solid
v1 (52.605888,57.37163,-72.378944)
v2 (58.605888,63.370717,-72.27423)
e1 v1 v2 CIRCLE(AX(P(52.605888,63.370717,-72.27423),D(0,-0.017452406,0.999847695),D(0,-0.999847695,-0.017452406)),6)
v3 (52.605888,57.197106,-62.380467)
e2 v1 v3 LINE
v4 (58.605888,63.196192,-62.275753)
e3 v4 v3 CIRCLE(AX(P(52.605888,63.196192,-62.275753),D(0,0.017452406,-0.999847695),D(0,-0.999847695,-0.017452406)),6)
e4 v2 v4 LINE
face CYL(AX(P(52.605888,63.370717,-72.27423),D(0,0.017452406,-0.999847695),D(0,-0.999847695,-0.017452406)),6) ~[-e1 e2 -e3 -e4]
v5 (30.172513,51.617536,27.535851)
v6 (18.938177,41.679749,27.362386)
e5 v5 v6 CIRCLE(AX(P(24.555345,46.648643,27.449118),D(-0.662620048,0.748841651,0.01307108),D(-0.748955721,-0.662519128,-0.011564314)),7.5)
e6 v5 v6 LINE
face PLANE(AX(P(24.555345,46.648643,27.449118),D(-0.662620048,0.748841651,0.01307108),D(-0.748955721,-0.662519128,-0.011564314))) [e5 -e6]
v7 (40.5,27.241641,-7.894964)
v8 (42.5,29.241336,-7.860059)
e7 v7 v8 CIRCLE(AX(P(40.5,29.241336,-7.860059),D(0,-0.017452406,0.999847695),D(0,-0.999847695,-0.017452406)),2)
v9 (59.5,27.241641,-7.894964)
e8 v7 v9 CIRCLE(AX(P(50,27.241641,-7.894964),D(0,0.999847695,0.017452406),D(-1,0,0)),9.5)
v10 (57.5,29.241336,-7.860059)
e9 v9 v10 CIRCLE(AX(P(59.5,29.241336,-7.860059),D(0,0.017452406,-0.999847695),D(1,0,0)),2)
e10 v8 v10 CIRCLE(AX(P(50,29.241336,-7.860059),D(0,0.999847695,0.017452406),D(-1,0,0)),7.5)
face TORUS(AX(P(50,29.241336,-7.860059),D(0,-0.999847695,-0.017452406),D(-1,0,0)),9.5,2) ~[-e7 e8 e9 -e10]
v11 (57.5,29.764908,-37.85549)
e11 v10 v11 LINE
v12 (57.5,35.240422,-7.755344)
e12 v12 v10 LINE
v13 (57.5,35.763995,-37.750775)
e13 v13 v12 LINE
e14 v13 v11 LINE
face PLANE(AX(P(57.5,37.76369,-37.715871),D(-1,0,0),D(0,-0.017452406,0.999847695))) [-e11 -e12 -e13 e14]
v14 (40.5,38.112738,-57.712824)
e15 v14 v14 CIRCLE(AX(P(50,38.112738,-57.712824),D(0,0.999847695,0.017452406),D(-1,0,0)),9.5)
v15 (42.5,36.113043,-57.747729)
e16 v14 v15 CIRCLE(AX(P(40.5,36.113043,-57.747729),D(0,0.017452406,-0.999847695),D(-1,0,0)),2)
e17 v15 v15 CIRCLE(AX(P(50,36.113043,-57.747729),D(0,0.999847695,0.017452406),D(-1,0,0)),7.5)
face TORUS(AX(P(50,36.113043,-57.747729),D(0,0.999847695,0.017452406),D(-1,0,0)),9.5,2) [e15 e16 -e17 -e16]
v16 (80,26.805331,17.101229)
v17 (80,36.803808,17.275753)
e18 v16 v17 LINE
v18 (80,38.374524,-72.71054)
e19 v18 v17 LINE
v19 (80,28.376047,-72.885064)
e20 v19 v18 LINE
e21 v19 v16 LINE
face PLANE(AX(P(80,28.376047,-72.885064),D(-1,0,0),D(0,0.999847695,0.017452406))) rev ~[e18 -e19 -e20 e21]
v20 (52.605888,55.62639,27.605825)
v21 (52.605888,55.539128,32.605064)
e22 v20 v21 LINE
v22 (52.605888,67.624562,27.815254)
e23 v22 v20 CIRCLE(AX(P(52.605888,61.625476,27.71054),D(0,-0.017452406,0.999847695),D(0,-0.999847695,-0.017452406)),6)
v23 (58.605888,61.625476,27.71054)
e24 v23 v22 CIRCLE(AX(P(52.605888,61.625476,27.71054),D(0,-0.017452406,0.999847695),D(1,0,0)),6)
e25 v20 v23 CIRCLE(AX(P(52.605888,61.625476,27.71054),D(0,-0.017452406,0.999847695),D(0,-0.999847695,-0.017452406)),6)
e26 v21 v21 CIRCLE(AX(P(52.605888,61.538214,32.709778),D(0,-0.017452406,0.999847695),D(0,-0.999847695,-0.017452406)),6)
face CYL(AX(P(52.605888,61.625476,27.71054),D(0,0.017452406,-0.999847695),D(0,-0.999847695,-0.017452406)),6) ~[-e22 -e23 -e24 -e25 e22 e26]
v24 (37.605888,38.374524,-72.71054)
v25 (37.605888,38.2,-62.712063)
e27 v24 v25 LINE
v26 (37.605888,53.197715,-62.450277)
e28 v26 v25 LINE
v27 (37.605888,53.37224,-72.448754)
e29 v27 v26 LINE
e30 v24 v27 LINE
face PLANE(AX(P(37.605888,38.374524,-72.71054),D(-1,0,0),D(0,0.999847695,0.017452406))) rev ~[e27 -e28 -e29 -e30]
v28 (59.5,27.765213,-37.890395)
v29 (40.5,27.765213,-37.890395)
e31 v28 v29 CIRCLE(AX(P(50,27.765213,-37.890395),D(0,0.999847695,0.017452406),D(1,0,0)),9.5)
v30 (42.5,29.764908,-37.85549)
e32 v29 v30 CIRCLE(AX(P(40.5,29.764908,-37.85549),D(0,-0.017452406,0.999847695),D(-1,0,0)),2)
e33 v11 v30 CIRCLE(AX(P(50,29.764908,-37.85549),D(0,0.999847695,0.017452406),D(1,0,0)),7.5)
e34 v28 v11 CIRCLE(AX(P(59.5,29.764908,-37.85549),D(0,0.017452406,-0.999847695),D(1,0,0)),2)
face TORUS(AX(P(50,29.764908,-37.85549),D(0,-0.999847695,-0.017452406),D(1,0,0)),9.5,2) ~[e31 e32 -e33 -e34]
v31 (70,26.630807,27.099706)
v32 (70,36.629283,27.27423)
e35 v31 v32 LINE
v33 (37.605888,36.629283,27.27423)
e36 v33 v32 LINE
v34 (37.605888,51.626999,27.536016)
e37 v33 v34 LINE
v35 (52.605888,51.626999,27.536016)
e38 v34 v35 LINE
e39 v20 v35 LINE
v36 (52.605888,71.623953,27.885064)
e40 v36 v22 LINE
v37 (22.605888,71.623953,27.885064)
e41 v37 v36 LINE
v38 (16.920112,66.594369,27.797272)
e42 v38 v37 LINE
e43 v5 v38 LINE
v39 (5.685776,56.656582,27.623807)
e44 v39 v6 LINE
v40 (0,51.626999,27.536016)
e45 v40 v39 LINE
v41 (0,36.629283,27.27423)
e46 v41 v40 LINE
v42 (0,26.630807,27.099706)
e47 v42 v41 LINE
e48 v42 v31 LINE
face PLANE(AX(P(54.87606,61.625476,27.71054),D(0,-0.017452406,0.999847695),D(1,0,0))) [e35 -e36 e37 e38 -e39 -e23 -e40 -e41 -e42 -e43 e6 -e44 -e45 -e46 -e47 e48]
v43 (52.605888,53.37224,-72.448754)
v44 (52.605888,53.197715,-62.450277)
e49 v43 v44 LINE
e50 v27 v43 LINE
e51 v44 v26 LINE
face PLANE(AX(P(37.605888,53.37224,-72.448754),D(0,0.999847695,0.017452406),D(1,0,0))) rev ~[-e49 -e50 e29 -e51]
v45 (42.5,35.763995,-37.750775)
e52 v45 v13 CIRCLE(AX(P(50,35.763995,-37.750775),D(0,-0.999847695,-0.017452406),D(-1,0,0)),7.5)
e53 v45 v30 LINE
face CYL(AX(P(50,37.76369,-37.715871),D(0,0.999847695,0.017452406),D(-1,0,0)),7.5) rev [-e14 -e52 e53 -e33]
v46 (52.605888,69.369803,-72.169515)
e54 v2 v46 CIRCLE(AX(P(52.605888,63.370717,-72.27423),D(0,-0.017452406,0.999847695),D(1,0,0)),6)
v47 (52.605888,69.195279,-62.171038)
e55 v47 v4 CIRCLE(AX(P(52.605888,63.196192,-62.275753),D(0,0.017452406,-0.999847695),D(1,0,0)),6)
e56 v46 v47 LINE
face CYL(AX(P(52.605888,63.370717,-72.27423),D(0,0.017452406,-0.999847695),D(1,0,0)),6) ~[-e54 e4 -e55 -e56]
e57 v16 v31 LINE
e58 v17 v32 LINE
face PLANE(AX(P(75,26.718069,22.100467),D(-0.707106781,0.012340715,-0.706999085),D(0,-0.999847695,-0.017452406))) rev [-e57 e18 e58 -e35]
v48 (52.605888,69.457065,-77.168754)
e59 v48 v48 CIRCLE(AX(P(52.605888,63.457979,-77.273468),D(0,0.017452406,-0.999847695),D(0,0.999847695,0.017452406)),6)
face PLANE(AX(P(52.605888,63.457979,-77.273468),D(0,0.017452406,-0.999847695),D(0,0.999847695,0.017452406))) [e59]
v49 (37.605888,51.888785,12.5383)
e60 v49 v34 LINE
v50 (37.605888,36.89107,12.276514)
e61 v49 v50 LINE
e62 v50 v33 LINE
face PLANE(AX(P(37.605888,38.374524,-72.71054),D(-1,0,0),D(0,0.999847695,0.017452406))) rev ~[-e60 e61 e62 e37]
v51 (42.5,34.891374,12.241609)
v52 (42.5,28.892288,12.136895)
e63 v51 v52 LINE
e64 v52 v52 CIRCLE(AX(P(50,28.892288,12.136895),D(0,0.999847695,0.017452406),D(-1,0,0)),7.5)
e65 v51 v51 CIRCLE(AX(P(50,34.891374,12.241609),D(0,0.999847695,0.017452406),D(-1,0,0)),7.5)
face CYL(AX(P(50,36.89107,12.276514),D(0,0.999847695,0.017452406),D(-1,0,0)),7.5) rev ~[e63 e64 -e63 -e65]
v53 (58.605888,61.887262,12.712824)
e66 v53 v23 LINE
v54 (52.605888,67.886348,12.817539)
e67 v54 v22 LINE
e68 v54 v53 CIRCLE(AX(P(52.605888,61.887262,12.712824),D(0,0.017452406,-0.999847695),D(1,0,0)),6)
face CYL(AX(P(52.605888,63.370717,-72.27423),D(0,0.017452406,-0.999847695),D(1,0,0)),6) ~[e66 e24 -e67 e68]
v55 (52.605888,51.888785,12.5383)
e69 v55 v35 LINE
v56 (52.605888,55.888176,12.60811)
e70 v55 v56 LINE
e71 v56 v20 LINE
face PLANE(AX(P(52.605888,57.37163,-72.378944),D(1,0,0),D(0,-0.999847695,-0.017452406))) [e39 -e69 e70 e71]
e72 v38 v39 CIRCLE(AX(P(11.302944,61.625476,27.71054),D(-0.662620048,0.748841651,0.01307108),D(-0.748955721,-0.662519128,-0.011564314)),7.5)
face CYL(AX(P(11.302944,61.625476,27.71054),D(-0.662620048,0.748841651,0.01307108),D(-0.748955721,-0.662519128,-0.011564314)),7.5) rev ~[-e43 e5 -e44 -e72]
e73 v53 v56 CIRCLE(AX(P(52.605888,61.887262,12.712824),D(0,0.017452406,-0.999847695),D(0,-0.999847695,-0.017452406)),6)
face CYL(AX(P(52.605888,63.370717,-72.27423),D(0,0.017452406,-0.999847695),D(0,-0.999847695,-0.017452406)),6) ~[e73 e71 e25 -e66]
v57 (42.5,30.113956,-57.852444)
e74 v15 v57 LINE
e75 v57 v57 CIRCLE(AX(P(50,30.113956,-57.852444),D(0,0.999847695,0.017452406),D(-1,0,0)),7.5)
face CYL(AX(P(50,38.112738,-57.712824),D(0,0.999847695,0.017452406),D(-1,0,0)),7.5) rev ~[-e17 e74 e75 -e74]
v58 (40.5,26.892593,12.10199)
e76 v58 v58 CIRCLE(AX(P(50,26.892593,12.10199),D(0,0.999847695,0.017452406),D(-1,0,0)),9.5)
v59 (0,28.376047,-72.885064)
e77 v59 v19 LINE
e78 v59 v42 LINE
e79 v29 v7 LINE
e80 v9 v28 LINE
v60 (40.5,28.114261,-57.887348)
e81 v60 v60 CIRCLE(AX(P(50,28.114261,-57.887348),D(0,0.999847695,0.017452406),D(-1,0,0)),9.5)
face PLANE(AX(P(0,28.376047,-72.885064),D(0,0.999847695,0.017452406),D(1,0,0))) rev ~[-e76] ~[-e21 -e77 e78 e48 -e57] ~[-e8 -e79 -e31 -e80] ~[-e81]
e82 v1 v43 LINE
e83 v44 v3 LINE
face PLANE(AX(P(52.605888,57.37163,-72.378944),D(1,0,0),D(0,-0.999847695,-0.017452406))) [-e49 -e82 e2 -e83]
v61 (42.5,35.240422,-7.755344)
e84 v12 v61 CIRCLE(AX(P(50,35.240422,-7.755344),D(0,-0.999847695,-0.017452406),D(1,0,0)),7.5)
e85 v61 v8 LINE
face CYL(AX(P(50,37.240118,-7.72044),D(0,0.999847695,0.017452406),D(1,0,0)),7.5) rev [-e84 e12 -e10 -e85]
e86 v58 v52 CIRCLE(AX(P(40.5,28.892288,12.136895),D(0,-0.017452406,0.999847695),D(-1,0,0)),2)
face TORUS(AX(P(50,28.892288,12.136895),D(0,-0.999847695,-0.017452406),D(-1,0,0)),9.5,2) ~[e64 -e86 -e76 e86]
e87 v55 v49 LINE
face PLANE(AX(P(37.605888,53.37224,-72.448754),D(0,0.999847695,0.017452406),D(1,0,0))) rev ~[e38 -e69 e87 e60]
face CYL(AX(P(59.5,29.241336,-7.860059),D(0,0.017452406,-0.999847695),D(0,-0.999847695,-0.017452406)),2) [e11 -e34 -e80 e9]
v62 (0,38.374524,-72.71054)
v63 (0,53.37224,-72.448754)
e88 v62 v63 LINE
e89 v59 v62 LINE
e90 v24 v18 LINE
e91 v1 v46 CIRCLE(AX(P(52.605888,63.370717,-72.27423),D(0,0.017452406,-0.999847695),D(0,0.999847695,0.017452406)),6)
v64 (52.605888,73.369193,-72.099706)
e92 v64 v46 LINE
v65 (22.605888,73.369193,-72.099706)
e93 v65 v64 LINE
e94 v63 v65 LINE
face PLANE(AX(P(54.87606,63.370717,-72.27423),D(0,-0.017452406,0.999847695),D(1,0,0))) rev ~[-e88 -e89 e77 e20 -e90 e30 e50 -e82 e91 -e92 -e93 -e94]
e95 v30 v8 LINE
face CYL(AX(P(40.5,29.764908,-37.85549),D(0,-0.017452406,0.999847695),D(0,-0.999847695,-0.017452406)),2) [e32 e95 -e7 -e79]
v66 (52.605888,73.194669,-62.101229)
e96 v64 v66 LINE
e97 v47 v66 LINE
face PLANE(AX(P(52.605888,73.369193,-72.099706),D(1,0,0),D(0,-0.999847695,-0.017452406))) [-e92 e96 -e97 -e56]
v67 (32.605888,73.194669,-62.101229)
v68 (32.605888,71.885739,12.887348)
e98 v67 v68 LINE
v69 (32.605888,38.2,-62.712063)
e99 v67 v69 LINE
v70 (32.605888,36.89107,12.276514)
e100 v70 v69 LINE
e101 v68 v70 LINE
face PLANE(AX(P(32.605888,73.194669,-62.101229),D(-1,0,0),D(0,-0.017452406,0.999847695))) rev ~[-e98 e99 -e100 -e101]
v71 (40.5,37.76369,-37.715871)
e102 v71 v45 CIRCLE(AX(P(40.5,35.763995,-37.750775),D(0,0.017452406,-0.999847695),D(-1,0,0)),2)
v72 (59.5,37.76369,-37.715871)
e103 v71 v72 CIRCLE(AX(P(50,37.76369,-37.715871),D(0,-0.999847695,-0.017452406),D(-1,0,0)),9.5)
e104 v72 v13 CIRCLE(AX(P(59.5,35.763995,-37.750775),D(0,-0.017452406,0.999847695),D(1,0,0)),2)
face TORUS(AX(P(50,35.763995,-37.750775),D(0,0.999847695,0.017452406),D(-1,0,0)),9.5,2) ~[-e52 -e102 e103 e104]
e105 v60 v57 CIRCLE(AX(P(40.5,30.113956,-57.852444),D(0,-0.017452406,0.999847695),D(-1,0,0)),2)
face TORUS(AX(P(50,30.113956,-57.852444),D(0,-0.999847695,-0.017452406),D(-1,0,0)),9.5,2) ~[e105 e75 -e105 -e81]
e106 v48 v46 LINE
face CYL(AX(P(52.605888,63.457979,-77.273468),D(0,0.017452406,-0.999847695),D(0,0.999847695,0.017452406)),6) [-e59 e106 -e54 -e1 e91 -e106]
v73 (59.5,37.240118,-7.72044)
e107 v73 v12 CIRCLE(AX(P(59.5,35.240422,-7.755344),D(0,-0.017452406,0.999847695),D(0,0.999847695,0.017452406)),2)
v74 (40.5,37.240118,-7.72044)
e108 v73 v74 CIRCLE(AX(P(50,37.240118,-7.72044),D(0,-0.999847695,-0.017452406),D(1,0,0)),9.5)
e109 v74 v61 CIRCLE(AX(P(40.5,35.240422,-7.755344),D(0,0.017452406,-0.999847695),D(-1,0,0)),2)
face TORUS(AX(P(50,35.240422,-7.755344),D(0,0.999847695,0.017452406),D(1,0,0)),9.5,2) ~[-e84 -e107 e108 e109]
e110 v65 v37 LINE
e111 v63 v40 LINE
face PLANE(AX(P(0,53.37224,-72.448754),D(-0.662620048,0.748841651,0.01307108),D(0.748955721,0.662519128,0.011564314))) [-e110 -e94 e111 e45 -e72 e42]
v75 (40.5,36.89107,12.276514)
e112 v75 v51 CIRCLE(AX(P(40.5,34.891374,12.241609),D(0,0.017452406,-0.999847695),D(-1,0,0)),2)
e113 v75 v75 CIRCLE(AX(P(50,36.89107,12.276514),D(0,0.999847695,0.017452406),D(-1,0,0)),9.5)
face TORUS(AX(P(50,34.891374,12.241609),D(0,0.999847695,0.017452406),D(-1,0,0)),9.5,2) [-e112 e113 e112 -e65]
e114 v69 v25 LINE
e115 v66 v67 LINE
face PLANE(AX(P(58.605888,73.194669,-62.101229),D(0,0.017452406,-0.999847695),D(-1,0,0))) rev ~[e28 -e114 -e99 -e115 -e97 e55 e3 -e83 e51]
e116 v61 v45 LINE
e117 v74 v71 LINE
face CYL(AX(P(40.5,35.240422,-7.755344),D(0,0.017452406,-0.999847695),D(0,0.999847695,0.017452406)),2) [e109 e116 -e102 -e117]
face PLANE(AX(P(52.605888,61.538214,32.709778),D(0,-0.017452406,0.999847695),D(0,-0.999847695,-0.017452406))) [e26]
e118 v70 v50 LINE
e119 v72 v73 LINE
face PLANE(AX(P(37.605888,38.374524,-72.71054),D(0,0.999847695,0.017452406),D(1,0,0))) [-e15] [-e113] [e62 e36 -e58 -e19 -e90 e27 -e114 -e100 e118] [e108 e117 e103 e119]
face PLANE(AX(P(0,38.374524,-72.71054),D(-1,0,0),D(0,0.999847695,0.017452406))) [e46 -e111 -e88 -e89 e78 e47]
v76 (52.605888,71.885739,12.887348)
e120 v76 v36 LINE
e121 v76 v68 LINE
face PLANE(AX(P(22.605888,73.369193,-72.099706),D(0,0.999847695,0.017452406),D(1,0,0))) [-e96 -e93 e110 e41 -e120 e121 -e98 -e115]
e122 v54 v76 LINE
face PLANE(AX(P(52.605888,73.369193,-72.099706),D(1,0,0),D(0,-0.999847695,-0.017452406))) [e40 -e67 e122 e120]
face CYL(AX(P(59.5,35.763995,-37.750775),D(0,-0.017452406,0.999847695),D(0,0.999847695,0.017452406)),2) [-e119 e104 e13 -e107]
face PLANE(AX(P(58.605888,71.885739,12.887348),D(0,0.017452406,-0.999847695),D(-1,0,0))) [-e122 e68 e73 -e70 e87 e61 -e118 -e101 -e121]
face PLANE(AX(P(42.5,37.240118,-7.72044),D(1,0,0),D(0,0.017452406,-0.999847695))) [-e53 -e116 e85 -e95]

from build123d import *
from build123d.topology import SkipClean

# Parameters (mm, degrees)
SKETCH2_R             = 6
SKETCH2_W             = 37.605887727
SKETCH2_H             = 15
SKETCH2_W_2           = 80
SKETCH2_H_2           = 10
BOSS_EXTRUDE1_DEPTH   = 100
CHAMFER1_SIZE         = 10
CUT_EXTRUDE1_REACH    = 137.739
SKETCH3_W             = 26
SKETCH3_H             = 75
SKETCH4_R             = 6
BOSS_EXTRUDE2_DEPTH   = 5
BOSS_EXTRUDE3_START   = 5
SKETCH5_R             = 6
BOSS_EXTRUDE3_DEPTH   = 5
SKETCH6_R             = 7.5
CUT_EXTRUDE2_DEPTH    = 20
SKETCH7_R             = 7.5
CUT_EXTRUDE3_DEPTH    = 137.565002837
FILLET1_R             = 2
BODY_MOVE_COPY1_ANGLE = 91


with BuildPart() as part:
    # Sketch2 → Boss-Extrude1 (new body)
    with BuildSketch(Plane(origin=(0, 0, 0), x_dir=(1, 0, 0), z_dir=(0, 1, 0))):
        with BuildLine():
            ThreePointArc((58.605887727, 35), (56.848528414, 39.242640687), (52.605887727, 41))
            Line((52.605887727, 41), (52.605887727, 29))
            ThreePointArc((52.605887727, 29), (56.848528414, 30.757359313), (58.605887727, 35))
        make_face()
        with BuildLine():
            Line((52.605887727, 29), (52.605887727, 41))
            ThreePointArc((52.605887727, 41), (46.605887727, 35), (52.605887727, 29))
        make_face()
        with Locations((52.605887727, 35)):
            Circle(SKETCH2_R)
        Polygon((52.605887727, 45), (52.605887727, 25), (37.605887727, 25), (0, 25), (22.605887727, 45), align=None)
        with Locations((18.802943864, 17.5)):
            Rectangle(SKETCH2_W, SKETCH2_H)
        with Locations((40, 5)):
            Rectangle(SKETCH2_W_2, SKETCH2_H_2)
    extrude(amount=BOSS_EXTRUDE1_DEPTH)

    # Chamfer1
    chamfer1_edges = [part.edges().sort_by_distance(p)[0] for p in [
        (80, 100, -5),
    ]]
    chamfer(chamfer1_edges, length=CHAMFER1_SIZE)

    # Cut-Extrude1: up to this face of the body (flat: up to its plane)
    cut_extrude1_end = Plane(part.part.faces().sort_by_distance((58.589742988, 49.443040273, -10))[0])
    # Sketch3 → Cut-Extrude1 (cut, up to the picked face)
    with BuildSketch(Plane(origin=(0, 0, -45), x_dir=(-1, 0, 0), z_dir=(0, 0, -1)), mode=Mode.PRIVATE) as cut_extrude1_sk1:
        with Locations((-45.605887727, 47.5)):
            Rectangle(SKETCH3_W, SKETCH3_H)
    cut_extrude1_tool1 = split(extrude(cut_extrude1_sk1.sketch, amount=-CUT_EXTRUDE1_REACH, mode=Mode.PRIVATE), bisect_by=cut_extrude1_end, keep=Keep.BOTH, mode=Mode.PRIVATE)
    add(cut_extrude1_tool1.solids().sort_by(Axis((45.605888, 47.5, -45), (0, 0, 1)))[0], mode=Mode.SUBTRACT)

    # Sketch4 → Boss-Extrude2 (add)
    with BuildSketch(Plane(origin=(0, 100, 0), x_dir=(1, 0, 0), z_dir=(0, 1, 0))):
        with Locations(Location((52.605887727, 35, 0), (0, 0, 270))):
            Circle(SKETCH4_R)
    extrude(amount=BOSS_EXTRUDE2_DEPTH)

    # Sketch5 → Boss-Extrude3 (add)
    with BuildSketch(Plane(origin=(0, 0, 0), x_dir=(-1, 0, 0), z_dir=(0, -1, 0)).offset(BOSS_EXTRUDE3_START)):
        with Locations(Location((-52.605887727, 35, 0), (0, 0, 90))):
            Circle(SKETCH5_R)
    extrude(amount=-BOSS_EXTRUDE3_DEPTH)

    # Sketch6 → Cut-Extrude2 (cut)
    with BuildSketch(Plane(origin=(-12.406826896, 0, -14.023366793), x_dir=(-0.7489557207890034, 0, 0.6626200482157362), z_dir=(-0.6626200482157362, 0, -0.7489557207890034))):
        with Locations((-31.657106156, 100)):
            Circle(SKETCH6_R)
    extrude(amount=-CUT_EXTRUDE2_DEPTH, mode=Mode.SUBTRACT)

    # Sketch7 → Cut-Extrude3 (cut, through all)
    with SkipClean():  # the faces are left unmerged after this step: merging them gives an invalid solid
        with BuildSketch(Plane(origin=(0, 0, -10), x_dir=(-1, 0, 0), z_dir=(0, 0, -1))):
            with Locations((-50, 85)):
                Circle(SKETCH7_R)
            with Locations((-50, 15)):
                Circle(SKETCH7_R)
            with BuildLine():
                Line((-57.5, 35), (-57.5, 65))
                ThreePointArc((-57.5, 65), (-50, 72.5), (-42.5, 65))
                Line((-42.5, 65), (-42.5, 35))
                ThreePointArc((-42.5, 35), (-50, 27.5), (-57.5, 35))
            make_face()
        extrude(amount=-CUT_EXTRUDE3_DEPTH, mode=Mode.SUBTRACT)

    # Fillet1
    fillet1_edges = [part.edges().sort_by_distance(p)[0] for p in [
        (57.5, 85, 0),
        (57.5, 85, -10),
        (57.5, 15, 0),
        (57.5, 15, -10),
        (50, 27.5, 0),
        (57.5, 50, 0),
        (50, 72.5, 0),
        (42.5, 50, 0),
        (50, 27.5, -10),
        (42.5, 50, -10),
        (50, 72.5, -10),
        (57.5, 50, -10),
    ]]
    fillet(fillet1_edges, radius=FILLET1_R)


with BuildPart() as part_1:
    # Body-Move/Copy1: moved
    add(part.part.rotate(Axis((0, 50, -22.5), (1, 0, 0)), BODY_MOVE_COPY1_ANGLE))


solid = part_1.part
